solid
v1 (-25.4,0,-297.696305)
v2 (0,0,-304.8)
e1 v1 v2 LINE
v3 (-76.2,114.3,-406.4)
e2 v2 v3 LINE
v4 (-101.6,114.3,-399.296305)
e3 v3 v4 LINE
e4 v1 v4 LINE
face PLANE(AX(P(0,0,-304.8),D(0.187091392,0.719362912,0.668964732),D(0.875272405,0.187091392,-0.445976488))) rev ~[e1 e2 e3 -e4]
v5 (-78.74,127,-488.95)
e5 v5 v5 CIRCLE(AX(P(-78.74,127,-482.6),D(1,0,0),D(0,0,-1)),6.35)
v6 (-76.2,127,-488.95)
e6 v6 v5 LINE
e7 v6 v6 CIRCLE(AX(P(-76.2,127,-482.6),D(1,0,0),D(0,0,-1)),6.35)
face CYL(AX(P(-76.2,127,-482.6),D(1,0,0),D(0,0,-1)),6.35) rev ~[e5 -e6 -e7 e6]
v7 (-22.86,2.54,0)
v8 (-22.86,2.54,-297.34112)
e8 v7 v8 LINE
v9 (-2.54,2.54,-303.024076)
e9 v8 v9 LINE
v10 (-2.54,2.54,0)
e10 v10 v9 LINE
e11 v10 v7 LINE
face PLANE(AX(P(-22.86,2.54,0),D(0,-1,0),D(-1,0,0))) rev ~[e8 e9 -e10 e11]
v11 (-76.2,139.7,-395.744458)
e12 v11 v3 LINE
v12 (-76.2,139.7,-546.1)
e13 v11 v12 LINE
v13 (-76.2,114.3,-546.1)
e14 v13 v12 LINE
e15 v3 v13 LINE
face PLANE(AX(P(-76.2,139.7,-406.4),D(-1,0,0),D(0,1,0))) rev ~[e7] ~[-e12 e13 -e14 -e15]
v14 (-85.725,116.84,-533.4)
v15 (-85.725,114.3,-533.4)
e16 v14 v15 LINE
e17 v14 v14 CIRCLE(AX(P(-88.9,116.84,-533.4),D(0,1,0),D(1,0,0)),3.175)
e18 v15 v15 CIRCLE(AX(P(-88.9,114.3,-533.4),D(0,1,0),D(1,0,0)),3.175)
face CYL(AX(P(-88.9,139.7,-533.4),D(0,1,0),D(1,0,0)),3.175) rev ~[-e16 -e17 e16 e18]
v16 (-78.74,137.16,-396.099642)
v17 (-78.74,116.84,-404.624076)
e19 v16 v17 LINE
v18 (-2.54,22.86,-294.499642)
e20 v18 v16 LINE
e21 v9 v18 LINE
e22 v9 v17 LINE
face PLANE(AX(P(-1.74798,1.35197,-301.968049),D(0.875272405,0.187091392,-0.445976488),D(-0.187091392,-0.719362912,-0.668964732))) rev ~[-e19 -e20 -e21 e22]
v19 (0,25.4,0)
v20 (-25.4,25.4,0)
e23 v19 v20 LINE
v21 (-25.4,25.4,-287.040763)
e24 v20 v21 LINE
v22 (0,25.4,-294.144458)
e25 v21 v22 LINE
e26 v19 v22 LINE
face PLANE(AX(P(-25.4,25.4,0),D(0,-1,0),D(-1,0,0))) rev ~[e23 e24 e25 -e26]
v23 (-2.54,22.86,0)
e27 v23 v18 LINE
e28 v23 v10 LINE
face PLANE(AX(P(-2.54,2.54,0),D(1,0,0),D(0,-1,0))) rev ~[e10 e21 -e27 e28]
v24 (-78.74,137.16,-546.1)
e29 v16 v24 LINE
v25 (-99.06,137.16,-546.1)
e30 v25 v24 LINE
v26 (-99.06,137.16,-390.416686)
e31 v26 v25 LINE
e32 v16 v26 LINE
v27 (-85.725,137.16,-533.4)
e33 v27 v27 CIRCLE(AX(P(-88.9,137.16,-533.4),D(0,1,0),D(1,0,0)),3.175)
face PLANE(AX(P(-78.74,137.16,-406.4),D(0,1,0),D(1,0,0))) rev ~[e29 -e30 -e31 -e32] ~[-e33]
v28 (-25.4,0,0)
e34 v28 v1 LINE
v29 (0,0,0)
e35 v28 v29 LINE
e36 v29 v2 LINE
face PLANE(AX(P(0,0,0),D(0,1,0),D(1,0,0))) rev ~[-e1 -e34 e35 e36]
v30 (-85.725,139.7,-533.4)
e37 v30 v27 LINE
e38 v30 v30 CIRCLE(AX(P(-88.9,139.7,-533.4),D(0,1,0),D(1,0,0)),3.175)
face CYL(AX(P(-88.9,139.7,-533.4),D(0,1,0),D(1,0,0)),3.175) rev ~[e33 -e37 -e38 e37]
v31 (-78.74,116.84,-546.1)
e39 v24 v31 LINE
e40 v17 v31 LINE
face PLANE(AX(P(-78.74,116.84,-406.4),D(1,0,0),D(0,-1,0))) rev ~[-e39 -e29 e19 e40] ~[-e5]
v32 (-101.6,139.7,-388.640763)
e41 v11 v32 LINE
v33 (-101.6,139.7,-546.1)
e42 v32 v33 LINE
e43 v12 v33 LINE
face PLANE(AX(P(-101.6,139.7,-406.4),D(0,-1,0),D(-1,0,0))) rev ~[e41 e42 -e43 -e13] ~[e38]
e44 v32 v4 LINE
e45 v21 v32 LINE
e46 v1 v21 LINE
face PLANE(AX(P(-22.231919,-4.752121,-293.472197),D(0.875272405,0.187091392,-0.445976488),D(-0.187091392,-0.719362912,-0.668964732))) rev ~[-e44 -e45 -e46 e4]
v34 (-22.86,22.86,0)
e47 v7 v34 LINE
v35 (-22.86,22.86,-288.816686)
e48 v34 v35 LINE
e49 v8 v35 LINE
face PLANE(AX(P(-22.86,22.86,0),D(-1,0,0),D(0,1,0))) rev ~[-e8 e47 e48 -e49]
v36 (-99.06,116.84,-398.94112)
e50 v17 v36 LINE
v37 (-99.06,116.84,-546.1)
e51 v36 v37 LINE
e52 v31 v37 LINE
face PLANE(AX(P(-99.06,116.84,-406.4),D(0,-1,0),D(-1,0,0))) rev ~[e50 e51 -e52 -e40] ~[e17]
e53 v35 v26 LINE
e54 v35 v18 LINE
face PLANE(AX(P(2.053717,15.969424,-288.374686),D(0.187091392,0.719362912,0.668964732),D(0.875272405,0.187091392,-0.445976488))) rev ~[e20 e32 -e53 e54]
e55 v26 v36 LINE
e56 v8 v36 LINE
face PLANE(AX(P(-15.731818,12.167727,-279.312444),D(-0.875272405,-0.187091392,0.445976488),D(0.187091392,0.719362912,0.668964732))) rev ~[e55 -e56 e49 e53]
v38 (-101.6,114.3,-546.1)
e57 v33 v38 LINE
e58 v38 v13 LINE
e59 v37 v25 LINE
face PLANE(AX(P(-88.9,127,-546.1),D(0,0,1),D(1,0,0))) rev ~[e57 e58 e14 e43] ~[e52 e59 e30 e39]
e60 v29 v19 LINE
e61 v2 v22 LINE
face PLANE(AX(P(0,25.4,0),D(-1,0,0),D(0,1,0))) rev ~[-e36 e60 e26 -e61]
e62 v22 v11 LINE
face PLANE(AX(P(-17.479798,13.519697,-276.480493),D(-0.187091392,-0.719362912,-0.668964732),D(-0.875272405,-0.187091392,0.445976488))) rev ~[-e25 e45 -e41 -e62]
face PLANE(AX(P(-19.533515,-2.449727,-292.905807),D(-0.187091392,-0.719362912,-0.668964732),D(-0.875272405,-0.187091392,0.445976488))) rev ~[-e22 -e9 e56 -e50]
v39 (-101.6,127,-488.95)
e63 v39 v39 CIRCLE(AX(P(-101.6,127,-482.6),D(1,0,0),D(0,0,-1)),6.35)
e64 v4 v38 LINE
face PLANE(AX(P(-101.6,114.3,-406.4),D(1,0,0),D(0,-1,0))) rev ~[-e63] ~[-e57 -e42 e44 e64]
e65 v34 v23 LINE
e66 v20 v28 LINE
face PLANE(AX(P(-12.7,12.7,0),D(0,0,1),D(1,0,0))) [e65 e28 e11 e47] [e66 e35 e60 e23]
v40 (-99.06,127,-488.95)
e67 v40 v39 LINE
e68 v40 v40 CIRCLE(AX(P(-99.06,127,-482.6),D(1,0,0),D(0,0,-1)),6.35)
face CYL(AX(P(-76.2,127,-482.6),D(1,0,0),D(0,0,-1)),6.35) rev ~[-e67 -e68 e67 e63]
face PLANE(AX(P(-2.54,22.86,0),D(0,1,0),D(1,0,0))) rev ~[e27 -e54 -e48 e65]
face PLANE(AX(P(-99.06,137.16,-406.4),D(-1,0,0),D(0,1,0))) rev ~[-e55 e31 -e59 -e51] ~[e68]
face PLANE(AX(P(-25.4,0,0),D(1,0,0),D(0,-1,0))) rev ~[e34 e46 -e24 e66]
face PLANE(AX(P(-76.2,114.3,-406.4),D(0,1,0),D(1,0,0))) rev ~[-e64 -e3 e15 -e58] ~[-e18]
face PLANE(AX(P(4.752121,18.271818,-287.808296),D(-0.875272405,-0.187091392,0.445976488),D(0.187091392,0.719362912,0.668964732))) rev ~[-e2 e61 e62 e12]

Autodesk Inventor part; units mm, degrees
ref_plane "YZ Plane" through (0, 0, 0) normal (1, 0, 0) x (0, 1, 0)
ref_plane "XZ Plane" through (0, 0, 0) normal (0, 1, 0) x (-1, 0, 0)
ref_plane "XY Plane" through (0, 0, 0) normal (0, 0, 1) x (1, 0, 0)
sketch "Sketch1" plane through (0, 0, 0) normal (0, 0, 1) x (1, 0, 0)
  line L0 (0, 0) -> (-25.4, 0)
  line L1 (-25.4, 0) -> (-25.4, 25.4)
  line L2 (-25.4, 25.4) -> (0, 25.4)
  line L3 (0, 25.4) -> (0, 0)
  line L4 (-2.54, 22.86) -> (-22.86, 22.86)
  line L5 (-22.86, 22.86) -> (-22.86, 2.54)
  line L6 (-22.86, 2.54) -> (-2.54, 2.54)
  line L7 (-2.54, 2.54) -> (-2.54, 22.86)
  dimension "d0" = 25.4
  dimension "d1" = 25.4
  dimension "d2" = 2.54
sketch "Sketch2" plane through (0, 0, 0) normal (1, 0, 0) x (0, 1, 0)
  line L0 (0, 0) -> (0, -304.8)
  line L1 (0, -304.8) -> (114.3, -406.4)
  line L2 (0, -304.8) -> (152.9283, -304.8) construction
  line L3 (114.3, -406.4) -> (114.3, -546.1)
  dimension "d3" = 304.8
  dimension "d5" = 139.7
  dimension "d6" = 114.3
  dimension "d7" = 101.6
sketch "Sketch3" plane through (0, 0, 0) normal (0, 1, 0) x (-1, 0, 0)
  line L0 (0, -406.4) -> (0, -546.1) projected
  line L1 (0, 0) -> (0, -304.8) projected
  line L2 (0, -304.8) -> (76.2, -406.4)
  line L3 (76.2, -406.4) -> (76.2, -546.1)
  dimension "d8" = 76.2
sketch3d "3D Sketch3"
  line L0 (0, 0, 0) -> (0, 0, -304.8)
  line L1 (0, 0, -304.8) -> (-76.2, 114.3, -406.4)
  line L2 (-76.2, 114.3, -406.4) -> (-76.2, 114.3, -546.1)
sweep "Sweep1" add profiles "Sketch1" path "3D Sketch3"
sketch "Sketch6" plane through (-76.2, 114.3, -546.1) normal (1, 0, 0) x (0, 0, -1)
  circle A0 centre (-63.5, 12.7) radius 6.35
  line L0 (0, 25.4) -> (0, 0) projected
  point P0 (-546.1, -114.3)
  dimension "d19" = 12.7
  dimension "d20" = 63.5
extrude "Extrusion3" cut sketch "Sketch6" against normal through all
sketch "Sketch7" plane through (-101.6, 139.7, -546.1) normal (0, 1, 0) x (1, 0, 0)
  circle A0 centre (12.7, -12.7) radius 3.175
  line L0 (0, -157.4592) -> (0, 0) projected
  line L1 (0, 0) -> (25.4, 0) projected
  point P0 (101.6, -546.1)
  dimension "d23" = 6.35
  dimension "d24" = 12.7
  dimension "d25" = 12.7
extrude "Extrusion4" cut sketch "Sketch7" against normal through all
properties part number "Arm 2"
